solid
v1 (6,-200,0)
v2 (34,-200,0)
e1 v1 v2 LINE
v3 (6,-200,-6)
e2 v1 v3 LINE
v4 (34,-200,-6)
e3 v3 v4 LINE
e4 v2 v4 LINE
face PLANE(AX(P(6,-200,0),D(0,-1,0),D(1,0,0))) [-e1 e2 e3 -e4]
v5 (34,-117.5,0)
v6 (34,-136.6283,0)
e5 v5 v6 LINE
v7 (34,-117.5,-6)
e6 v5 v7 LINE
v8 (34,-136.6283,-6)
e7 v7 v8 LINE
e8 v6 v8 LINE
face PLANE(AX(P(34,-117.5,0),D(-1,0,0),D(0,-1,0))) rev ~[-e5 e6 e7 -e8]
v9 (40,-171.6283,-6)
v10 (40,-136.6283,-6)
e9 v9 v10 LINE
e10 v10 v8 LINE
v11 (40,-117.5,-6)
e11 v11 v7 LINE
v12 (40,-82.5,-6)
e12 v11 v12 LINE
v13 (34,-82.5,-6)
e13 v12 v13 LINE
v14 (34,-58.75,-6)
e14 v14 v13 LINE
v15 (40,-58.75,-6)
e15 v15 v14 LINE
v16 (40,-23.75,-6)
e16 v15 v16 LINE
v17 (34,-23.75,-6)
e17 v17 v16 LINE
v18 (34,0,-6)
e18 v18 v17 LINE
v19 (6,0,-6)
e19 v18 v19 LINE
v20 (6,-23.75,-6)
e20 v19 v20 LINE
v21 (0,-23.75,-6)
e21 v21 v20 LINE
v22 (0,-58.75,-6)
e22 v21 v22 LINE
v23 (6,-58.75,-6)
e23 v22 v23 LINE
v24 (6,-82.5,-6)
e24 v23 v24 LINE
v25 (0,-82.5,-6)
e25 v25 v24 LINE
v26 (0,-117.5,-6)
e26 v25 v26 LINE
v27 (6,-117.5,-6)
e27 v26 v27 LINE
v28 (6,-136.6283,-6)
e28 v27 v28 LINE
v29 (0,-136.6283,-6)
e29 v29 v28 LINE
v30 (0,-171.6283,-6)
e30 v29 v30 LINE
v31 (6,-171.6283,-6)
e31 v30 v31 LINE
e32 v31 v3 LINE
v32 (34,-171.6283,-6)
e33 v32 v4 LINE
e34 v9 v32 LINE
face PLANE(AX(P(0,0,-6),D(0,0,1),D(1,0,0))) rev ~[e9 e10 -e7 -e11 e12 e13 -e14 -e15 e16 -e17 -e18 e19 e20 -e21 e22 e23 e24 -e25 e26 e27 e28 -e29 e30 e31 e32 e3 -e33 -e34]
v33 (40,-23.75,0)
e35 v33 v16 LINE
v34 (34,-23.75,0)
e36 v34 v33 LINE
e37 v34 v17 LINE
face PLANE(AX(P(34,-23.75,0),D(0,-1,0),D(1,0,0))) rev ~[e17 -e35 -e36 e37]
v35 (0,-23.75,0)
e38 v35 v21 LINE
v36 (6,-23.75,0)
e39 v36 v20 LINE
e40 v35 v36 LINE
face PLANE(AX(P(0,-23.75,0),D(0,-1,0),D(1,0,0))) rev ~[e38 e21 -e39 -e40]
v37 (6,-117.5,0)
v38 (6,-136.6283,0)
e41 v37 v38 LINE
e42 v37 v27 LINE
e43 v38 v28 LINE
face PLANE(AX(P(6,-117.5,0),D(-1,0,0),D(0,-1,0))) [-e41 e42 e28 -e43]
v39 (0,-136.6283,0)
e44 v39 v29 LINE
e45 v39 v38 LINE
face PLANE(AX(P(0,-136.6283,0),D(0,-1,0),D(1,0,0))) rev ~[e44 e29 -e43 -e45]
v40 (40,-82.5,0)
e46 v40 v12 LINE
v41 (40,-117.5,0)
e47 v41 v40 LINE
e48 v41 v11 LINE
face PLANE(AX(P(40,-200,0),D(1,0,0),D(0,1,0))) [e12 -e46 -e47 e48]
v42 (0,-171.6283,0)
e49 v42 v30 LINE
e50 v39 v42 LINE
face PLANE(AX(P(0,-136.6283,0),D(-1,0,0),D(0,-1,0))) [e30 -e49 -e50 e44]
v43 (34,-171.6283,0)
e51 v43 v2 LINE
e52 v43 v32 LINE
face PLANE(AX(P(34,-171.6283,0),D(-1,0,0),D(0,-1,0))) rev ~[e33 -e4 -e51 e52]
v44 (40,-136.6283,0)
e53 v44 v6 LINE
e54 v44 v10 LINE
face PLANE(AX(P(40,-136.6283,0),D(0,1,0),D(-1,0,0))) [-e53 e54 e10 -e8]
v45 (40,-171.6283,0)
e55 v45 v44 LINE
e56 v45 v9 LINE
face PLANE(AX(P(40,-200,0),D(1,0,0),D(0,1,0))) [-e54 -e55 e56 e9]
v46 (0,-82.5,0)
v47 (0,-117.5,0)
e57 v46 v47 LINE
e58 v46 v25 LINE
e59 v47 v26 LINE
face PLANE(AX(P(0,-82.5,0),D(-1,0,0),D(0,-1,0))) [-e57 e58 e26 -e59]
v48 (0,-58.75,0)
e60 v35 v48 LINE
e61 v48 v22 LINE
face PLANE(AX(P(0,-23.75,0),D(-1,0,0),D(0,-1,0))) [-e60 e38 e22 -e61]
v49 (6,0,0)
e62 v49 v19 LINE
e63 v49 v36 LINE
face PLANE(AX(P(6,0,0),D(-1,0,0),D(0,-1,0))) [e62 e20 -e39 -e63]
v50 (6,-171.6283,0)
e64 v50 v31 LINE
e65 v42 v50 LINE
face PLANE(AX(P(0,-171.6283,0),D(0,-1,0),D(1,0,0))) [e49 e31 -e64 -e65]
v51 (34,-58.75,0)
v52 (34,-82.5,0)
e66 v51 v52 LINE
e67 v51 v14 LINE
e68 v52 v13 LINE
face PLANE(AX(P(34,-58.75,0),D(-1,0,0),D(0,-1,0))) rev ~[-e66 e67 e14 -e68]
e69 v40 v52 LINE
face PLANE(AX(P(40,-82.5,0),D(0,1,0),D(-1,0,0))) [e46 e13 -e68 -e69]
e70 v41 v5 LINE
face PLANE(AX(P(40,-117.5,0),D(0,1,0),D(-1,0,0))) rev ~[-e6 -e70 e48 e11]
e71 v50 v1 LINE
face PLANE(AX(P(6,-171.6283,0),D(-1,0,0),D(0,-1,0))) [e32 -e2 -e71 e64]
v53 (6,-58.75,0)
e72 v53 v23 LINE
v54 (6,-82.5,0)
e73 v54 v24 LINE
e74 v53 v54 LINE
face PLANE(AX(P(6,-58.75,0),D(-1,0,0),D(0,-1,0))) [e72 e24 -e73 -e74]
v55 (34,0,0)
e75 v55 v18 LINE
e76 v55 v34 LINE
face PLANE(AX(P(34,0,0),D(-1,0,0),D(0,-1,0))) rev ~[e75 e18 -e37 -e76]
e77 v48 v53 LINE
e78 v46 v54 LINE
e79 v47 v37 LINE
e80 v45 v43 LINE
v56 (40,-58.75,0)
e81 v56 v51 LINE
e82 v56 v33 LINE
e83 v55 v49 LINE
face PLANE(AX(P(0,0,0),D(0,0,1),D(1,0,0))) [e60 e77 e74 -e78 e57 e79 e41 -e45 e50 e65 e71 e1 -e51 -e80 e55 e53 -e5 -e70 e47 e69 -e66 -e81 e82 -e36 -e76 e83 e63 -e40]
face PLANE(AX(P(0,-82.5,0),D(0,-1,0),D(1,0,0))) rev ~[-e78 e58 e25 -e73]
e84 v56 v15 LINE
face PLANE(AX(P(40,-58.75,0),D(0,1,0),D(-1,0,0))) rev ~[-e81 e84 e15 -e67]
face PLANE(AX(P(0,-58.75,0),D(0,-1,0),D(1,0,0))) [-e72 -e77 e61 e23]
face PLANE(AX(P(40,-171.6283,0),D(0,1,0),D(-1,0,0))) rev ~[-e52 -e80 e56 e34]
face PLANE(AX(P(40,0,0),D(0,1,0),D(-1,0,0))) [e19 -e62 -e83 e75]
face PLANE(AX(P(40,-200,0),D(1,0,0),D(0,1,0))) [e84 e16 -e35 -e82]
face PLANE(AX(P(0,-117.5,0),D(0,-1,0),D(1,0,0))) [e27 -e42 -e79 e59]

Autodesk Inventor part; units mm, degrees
ref_plane "YZ Plane" through (0, 0, 0) normal (1, 0, 0) x (0, 1, 0)
ref_plane "XZ Plane" through (0, 0, 0) normal (0, 1, 0) x (-1, 0, 0)
ref_plane "XY Plane" through (0, 0, 0) normal (0, 0, 1) x (1, 0, 0)
sketch "Sketch1" plane through (0, 0, 0) normal (0, 0, 1) x (1, 0, 0)
  line L0 (0, 0) -> (0, -23.75)
  line L1 (0, -23.75) -> (6, -23.75)
  line L2 (6, 0) -> (6, -23.75)
  line L3 (0, 0) -> (6, 0)
  line L4 (0, -23.75) -> (0, -58.75)
  line L5 (0, -58.75) -> (6, -58.75)
  line L6 (6, -23.75) -> (6, -58.75) construction
  line L7 (0, -23.75) -> (6, -23.75)
  line L8 (0, -58.75) -> (0, -82.5)
  line L9 (0, -82.5) -> (6, -82.5)
  line L10 (6, -58.75) -> (6, -82.5)
  line L11 (0, -58.75) -> (6, -58.75)
  line L12 (0, -82.5) -> (0, -117.5)
  line L13 (0, -117.5) -> (6, -117.5)
  line L14 (6, -82.5) -> (6, -117.5) construction
  line L15 (0, -82.5) -> (6, -82.5)
  line L16 (0, -117.5) -> (0, -136.6283)
  line L17 (0, -136.6283) -> (6, -136.6283)
  line L18 (6, -117.5) -> (6, -136.6283)
  line L19 (0, -117.5) -> (6, -117.5)
  line L20 (0, -136.6283) -> (0, -171.6283)
  line L21 (0, -171.6283) -> (6, -171.6283)
  line L22 (6, -136.6283) -> (6, -171.6283) construction
  line L23 (0, -136.6283) -> (6, -136.6283)
  line L24 (0, -171.6283) -> (0, -200)
  line L25 (0, -200) -> (6, -200)
  line L26 (6, -171.6283) -> (6, -200)
  line L27 (0, -171.6283) -> (6, -171.6283)
  line L28 (0, -200) -> (40, -200)
  line L29 (40, -200) -> (40, 0)
  line L30 (40, 0) -> (0, 0)
  line L31 (0, 0) -> (0, -200)
extrude "Extrusion1" add sketch "Sketch1" against normal blind 6 contours L1 L2 L30 L29 L28 L26 L21 L20 L17 L18 L13 L12 L9 L10 L5 L4
sketch "Sketch2" plane through (0, 0, 0) normal (0, 0, 1) x (1, 0, 0)
  line L0 (6, 0) -> (6, -23.75) construction
  line L1 (6, -23.75) -> (0, -23.75) construction
  line L2 (0, -23.75) -> (0, -58.75) construction
  line L3 (0, -58.75) -> (6, -58.75) construction
  line L4 (6, -58.75) -> (6, -82.5) construction
  line L5 (0, -82.5) -> (6, -82.5) construction
  line L6 (0, -82.5) -> (0, -117.5) construction
  line L7 (0, -117.5) -> (6, -117.5) construction
  line L8 (6, -117.5) -> (6, -136.6283) construction
  line L9 (0, -136.6283) -> (6, -136.6283) construction
  line L10 (0, -136.6283) -> (0, -171.6283) construction
  line L11 (0, -171.6283) -> (6, -171.6283) construction
  line L12 (6, -171.6283) -> (6, -200) construction
  line L13 (40, 0) -> (40, -200) construction
  line L14 (40, -156.4035) -> (0, -156.4035) construction
  line L15 (0, -171.6283) -> (0, -136.6283) construction
  line L16 (20, -156.4035) -> (20, -119.6077) construction
  line L17 (34, 0) -> (34, -23.75)
  line L18 (34, -23.75) -> (40, -23.75)
  line L19 (40, -23.75) -> (40, -58.75)
  line L20 (40, -58.75) -> (34, -58.75)
  line L21 (34, -58.75) -> (34, -82.5)
  line L22 (40, -82.5) -> (34, -82.5)
  line L23 (40, -82.5) -> (40, -117.5)
  line L24 (40, -117.5) -> (34, -117.5)
  line L25 (34, -117.5) -> (34, -136.6283)
  line L26 (40, -136.6283) -> (34, -136.6283)
  line L27 (40, -136.6283) -> (40, -171.6283) construction
  line L28 (40, -171.6283) -> (34, -171.6283)
  line L29 (34, -171.6283) -> (34, -200)
  line L30 (0, -156.4035) -> (40, -156.4035) construction
  line L31 (40, -171.6283) -> (40, -136.6283) construction
  line L32 (40, 0) -> (40, -200) construction
  line L33 (40, -200) -> (6, -200) construction
  line L34 (34, -200) -> (40, -200)
  line L35 (6, 0) -> (40, 0) construction
  line L36 (34, 0) -> (40, 0)
  line L37 (40, -117.5) -> (40, -136.6283)
  line L38 (40, -171.6283) -> (40, -200)
  line L39 (40, 0) -> (40, -23.75)
  line L40 (40, -82.5) -> (40, -58.75)
  point P0 (0, 0)
extrude "Extrusion2" cut sketch "Sketch2" against normal through all
properties part number "front"
